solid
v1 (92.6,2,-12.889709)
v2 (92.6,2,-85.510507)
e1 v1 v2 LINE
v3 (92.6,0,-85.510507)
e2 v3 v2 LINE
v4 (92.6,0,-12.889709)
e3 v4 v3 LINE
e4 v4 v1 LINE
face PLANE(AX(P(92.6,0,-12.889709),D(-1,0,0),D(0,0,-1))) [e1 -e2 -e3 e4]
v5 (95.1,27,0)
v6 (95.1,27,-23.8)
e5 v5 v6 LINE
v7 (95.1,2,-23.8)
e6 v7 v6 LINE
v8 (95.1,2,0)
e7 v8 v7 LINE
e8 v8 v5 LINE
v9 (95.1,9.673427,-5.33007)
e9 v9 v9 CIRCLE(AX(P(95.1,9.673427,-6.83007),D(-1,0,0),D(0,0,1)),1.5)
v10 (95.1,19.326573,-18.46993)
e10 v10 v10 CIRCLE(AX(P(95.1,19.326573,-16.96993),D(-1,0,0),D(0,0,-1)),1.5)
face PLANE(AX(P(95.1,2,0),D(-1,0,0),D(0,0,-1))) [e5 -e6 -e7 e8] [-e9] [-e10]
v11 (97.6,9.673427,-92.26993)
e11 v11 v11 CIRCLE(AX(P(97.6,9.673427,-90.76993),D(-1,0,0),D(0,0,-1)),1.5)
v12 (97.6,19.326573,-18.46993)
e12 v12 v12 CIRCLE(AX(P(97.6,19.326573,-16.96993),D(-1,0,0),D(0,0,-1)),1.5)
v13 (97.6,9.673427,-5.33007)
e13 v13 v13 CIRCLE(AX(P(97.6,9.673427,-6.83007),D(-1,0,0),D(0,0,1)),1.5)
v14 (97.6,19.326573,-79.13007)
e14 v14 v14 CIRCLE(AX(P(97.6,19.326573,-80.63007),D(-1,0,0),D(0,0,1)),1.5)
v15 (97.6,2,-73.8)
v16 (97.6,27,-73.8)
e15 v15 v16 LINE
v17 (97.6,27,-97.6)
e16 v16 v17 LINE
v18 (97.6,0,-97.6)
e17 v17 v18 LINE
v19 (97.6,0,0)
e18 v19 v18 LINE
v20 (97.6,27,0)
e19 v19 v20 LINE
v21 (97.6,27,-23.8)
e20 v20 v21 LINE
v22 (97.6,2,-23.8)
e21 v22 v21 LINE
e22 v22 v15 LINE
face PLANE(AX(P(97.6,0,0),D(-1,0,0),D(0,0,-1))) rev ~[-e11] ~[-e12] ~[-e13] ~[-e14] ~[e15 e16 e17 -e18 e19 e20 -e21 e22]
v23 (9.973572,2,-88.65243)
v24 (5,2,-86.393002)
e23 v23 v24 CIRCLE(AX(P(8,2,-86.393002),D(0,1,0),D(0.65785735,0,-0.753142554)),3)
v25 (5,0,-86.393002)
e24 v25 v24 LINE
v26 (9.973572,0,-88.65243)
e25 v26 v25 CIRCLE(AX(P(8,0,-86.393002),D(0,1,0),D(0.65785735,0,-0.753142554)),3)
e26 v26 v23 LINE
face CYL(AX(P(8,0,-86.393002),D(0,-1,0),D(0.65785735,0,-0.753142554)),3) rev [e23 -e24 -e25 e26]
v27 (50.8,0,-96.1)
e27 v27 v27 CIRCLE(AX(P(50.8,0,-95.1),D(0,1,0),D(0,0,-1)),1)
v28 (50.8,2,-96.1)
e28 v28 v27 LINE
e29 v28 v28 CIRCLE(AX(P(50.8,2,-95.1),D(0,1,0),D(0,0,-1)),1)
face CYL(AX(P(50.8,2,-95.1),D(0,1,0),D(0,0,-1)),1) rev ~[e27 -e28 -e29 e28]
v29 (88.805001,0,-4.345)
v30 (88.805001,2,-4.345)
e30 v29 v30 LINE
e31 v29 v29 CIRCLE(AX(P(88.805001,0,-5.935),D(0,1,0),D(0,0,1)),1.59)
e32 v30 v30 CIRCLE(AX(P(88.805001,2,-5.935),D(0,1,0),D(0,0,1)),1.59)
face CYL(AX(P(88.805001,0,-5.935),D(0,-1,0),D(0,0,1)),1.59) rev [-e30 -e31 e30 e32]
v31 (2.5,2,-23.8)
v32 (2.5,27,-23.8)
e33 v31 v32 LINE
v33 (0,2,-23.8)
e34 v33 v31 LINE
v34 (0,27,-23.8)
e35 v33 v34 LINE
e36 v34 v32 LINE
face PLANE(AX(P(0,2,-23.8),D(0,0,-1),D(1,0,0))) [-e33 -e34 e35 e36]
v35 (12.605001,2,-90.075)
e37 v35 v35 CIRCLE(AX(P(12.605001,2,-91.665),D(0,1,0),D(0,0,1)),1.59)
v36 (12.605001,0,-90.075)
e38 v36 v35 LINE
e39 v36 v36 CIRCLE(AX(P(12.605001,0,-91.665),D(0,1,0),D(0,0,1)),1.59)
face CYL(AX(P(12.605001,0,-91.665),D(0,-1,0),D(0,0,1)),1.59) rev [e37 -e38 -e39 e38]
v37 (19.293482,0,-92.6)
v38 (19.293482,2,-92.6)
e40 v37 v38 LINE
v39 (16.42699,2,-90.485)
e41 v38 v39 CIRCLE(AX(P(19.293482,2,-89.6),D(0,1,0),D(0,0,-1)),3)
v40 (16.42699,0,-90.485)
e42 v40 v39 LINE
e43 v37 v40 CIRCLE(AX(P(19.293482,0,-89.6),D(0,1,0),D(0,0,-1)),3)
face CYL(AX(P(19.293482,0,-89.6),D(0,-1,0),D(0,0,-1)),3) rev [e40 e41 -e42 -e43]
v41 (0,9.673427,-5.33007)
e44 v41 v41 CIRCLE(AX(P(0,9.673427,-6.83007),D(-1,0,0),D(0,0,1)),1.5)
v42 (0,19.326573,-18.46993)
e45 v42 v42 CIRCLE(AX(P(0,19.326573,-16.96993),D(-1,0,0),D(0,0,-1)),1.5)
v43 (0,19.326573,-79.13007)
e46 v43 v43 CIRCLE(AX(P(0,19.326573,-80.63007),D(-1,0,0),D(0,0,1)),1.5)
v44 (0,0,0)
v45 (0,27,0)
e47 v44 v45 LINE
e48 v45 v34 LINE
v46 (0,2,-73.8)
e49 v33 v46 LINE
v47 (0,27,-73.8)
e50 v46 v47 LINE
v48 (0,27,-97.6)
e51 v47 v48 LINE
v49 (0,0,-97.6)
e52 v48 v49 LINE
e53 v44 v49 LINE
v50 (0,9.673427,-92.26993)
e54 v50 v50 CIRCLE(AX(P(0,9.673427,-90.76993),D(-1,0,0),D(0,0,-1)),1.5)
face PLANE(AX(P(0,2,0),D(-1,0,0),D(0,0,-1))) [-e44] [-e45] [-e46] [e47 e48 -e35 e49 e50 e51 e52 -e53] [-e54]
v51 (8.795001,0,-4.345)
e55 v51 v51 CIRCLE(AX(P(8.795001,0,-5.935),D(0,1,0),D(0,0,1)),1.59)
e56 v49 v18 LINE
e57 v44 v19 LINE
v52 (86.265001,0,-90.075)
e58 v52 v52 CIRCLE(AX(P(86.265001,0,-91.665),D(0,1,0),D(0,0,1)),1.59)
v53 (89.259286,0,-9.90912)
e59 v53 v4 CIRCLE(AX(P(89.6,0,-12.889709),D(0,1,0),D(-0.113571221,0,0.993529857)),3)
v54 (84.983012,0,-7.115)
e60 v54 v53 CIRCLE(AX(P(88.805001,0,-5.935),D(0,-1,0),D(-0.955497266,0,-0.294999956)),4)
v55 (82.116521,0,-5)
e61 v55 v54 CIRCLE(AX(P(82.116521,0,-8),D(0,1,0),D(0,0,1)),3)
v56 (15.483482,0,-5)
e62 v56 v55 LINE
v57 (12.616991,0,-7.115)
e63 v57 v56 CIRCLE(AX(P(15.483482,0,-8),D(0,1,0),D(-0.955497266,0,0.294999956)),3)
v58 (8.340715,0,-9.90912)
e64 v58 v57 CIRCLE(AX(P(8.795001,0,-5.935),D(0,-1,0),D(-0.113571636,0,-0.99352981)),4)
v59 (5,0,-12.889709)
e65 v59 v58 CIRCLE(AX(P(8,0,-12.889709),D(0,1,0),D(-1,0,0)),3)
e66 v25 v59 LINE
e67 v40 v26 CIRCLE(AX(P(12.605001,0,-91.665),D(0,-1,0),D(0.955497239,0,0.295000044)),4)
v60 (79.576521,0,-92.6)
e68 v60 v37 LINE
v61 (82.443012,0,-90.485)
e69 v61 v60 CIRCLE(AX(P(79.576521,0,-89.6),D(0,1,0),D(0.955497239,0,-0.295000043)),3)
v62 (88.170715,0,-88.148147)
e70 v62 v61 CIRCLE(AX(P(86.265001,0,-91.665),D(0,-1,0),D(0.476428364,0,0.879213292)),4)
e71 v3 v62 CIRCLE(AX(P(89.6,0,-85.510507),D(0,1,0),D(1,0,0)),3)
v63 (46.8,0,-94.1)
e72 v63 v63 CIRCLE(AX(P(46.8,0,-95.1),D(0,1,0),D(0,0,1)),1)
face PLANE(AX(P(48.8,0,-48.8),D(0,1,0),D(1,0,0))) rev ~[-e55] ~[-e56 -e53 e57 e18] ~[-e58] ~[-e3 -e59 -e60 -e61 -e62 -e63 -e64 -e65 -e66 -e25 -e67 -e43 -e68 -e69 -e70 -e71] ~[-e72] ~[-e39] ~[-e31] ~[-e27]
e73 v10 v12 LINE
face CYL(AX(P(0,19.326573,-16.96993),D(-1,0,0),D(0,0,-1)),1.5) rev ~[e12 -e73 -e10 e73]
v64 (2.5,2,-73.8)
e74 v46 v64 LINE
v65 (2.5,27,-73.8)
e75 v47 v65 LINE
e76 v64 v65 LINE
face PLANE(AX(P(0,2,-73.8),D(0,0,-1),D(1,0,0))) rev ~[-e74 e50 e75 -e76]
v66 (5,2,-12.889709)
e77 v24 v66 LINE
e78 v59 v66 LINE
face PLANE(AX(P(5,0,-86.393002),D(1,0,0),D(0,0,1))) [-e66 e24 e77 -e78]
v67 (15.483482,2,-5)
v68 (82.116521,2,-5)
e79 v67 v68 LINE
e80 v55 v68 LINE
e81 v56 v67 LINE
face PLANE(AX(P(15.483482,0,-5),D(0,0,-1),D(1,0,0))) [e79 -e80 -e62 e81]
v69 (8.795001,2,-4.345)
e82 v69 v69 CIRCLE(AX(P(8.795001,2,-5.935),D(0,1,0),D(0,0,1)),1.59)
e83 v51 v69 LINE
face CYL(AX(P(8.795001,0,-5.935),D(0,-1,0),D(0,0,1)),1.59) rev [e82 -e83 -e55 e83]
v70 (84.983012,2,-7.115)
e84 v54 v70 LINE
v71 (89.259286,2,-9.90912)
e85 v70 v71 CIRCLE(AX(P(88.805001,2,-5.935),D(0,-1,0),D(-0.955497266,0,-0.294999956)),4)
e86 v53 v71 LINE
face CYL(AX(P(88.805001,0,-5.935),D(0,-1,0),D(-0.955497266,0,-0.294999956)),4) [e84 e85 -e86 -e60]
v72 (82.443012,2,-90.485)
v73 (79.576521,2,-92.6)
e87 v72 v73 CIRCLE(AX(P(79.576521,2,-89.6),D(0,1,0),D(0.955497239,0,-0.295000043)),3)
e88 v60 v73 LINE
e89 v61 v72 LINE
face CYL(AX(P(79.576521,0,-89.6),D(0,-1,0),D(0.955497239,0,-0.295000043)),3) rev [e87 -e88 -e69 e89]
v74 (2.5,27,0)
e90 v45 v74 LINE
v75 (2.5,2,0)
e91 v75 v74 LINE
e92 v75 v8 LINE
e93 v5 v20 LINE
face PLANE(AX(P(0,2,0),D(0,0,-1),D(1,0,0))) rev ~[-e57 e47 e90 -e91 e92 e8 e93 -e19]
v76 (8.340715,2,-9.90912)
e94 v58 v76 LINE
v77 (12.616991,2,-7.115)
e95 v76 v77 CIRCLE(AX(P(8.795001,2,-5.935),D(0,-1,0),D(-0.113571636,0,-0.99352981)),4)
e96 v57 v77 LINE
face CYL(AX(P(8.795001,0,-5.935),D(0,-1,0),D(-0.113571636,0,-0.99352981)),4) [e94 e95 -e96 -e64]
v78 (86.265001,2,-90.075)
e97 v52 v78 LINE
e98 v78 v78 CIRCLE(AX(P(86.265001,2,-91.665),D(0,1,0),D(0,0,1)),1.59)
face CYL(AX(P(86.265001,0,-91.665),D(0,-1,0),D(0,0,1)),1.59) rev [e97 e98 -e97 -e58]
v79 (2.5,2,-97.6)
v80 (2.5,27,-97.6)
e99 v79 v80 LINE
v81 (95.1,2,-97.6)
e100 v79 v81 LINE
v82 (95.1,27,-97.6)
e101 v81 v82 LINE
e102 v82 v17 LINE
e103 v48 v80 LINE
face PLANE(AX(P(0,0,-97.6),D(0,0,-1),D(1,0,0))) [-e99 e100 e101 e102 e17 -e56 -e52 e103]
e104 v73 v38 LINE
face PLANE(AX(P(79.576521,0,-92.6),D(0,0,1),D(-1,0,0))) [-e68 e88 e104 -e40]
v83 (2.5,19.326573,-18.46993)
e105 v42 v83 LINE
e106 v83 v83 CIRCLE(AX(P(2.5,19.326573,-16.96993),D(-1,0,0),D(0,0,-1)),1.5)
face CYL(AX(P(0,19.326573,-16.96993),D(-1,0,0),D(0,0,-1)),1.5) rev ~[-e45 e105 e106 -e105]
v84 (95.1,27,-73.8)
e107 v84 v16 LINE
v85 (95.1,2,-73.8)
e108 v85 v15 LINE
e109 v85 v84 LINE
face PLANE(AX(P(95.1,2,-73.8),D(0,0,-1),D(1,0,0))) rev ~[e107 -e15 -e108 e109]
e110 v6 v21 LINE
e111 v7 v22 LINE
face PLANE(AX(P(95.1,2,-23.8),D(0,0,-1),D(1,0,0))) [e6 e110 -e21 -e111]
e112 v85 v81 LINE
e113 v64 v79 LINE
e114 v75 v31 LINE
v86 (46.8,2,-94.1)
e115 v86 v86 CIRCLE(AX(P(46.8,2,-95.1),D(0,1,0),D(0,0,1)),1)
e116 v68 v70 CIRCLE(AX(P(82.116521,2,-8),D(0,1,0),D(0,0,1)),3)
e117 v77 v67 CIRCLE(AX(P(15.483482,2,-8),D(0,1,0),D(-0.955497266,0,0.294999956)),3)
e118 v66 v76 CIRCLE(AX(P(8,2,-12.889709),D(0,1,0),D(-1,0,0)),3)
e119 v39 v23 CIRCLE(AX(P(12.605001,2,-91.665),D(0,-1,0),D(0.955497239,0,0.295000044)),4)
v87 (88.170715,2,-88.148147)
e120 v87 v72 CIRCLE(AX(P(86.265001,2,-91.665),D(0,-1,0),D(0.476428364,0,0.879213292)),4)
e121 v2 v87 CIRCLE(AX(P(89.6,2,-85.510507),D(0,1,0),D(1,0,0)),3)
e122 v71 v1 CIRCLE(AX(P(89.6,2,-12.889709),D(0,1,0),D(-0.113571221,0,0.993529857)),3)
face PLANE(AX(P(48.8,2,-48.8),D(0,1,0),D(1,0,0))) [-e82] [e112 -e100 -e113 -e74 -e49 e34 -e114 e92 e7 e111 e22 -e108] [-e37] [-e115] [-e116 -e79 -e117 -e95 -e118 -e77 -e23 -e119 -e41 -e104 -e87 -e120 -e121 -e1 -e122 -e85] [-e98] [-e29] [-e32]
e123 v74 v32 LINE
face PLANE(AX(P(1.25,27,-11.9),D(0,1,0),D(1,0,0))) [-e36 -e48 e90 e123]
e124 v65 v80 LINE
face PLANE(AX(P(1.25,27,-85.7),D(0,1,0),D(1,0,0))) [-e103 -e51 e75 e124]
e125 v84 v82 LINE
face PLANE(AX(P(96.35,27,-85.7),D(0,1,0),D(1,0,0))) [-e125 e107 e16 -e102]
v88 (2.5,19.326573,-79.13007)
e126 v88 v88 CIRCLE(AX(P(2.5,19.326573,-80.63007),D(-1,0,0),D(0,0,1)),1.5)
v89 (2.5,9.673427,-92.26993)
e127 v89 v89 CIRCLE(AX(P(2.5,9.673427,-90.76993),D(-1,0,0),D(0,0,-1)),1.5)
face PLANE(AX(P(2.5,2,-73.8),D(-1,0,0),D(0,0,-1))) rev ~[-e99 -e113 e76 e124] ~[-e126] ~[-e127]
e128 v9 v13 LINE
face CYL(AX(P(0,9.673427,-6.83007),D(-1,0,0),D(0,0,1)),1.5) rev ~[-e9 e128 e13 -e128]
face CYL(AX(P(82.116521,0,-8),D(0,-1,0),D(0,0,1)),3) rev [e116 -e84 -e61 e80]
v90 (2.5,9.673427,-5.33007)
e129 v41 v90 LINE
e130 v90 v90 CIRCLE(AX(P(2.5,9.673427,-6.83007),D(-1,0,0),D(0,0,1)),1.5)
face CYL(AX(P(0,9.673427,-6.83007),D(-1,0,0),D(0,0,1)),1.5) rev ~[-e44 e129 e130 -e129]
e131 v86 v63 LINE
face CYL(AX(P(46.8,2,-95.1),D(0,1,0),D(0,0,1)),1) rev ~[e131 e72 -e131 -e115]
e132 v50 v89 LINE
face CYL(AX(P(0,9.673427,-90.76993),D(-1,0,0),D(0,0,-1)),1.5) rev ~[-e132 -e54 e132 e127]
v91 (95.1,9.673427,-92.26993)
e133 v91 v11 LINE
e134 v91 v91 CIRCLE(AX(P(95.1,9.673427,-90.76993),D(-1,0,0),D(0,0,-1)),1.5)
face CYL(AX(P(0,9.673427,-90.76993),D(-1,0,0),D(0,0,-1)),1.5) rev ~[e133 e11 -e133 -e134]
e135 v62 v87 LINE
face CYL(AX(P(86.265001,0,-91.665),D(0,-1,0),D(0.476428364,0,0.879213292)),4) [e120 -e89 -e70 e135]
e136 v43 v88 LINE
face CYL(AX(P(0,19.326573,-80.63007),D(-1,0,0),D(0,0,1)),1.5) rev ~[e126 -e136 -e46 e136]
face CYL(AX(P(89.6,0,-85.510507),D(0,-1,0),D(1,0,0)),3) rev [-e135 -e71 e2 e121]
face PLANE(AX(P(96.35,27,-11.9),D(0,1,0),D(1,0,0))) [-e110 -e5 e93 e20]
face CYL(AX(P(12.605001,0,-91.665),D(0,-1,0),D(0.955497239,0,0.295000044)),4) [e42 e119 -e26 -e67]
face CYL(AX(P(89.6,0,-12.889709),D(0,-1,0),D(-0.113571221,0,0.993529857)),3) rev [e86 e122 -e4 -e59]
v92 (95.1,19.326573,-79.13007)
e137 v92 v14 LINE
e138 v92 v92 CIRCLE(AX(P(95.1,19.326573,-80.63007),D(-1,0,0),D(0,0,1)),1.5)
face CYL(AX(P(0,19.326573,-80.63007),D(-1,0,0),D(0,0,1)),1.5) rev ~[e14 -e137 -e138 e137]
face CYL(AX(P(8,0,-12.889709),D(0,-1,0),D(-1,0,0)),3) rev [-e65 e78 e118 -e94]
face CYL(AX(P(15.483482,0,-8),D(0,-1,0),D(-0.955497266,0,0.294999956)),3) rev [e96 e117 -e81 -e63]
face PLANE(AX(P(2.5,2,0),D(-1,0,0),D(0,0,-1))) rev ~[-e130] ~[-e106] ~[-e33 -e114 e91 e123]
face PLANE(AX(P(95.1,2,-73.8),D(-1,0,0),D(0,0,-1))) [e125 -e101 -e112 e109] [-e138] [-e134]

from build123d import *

# Parameters (mm, degrees)
SKETCH_1_W          = 97.6
SKETCH_1_H          = 97.6
SKETCH_1_R          = 1.59
EXTRUDE_1_DEPTH     = 2
SKETCH_2_R          = 1
CUT_EXTRUDE_1_DEPTH = 139.04173282
SKETCH_7_W          = 2.5
SKETCH_7_H          = 23.8
EXTRUDE_2_DEPTH     = 25
SKETCH_8_R          = 1.5
CUT_EXTRUDE_2_DEPTH = 141.643236595


with BuildPart() as part:
    # Эскиз1 → Бобышка-Вытянуть1 (new body)
    with BuildSketch(Plane(origin=(0, 0, 0), x_dir=(1, 0, 0), z_dir=(0, 1, 0))):
        with Locations((48.8, 48.8)):
            Rectangle(SKETCH_1_W, SKETCH_1_H)
        with Locations(Location((86.265001451, 91.665000306, 0), (0, 0, 270))):
            Circle(SKETCH_1_R, mode=Mode.SUBTRACT)
        with Locations(Location((88.805001451, 5.935000306, 0), (0, 0, 270))):
            Circle(SKETCH_1_R, mode=Mode.SUBTRACT)
        with Locations(Location((8.795001451, 5.935000306, 0), (0, 0, 270))):
            Circle(SKETCH_1_R, mode=Mode.SUBTRACT)
        with Locations(Location((12.605001451, 91.665000306, 0), (0, 0, 270))):
            Circle(SKETCH_1_R, mode=Mode.SUBTRACT)
        with BuildLine():
            Line((79.576520776, 92.6), (19.293482126, 92.6))
            ThreePointArc((19.293482126, 92.6), (17.512330868, 92.014021582), (16.426990408, 90.485000131))
            ThreePointArc((16.426990408, 90.485000131), (13.697675352, 87.817135476), (9.97357205, 88.652430089))
            ThreePointArc((9.97357205, 88.652430089), (6.759176917, 89.124368033), (5, 86.393002427))
            Line((5, 86.393002427), (5, 12.889708976))
            ThreePointArc((5, 12.889708976), (6.002770009, 10.651166513), (8.340714907, 9.909119546))
            ThreePointArc((8.340714907, 9.909119546), (10.982952752, 9.28356255), (12.616990516, 7.115000131))
            ThreePointArc((12.616990516, 7.115000131), (13.702330946, 5.5859785), (15.483482314, 5))
            Line((15.483482314, 5), (82.116520587, 5))
            ThreePointArc((82.116520587, 5), (83.897671955, 5.5859785), (84.983012386, 7.115000131))
            ThreePointArc((84.983012386, 7.115000131), (86.617049451, 9.283562094), (89.259286336, 9.909119736))
            ThreePointArc((89.259286336, 9.909119736), (91.597230458, 10.651167261), (92.6, 12.889709308))
            Line((92.6, 12.889709308), (92.6, 85.510507258))
            ThreePointArc((92.6, 85.510507258), (91.13495028, 88.088089), (88.170714907, 88.148147136))
            ThreePointArc((88.170714907, 88.148147136), (84.753959284, 87.961386993), (82.443012494, 90.485000131))
            ThreePointArc((82.443012494, 90.485000131), (81.357672034, 92.014021582), (79.576520776, 92.6))
        make_face(mode=Mode.SUBTRACT)
    extrude(amount=EXTRUDE_1_DEPTH)

    # Эскиз2 → Вырез-Вытянуть1 (cut, through all)
    with BuildSketch(Plane(origin=(0, 2, 0), x_dir=(1, 0, 0), z_dir=(0, 1, 0))):
        with Locations(Location((46.8, 95.1, 0), (0, 0, 270))):
            Circle(SKETCH_2_R)
        with Locations(Location((50.8, 95.1, 0), (0, 0, 90))):
            Circle(SKETCH_2_R)
    extrude(amount=-CUT_EXTRUDE_1_DEPTH, mode=Mode.SUBTRACT)

    # Эскиз7 → Бобышка-Вытянуть2 (add)
    with BuildSketch(Plane(origin=(0, 2, 0), x_dir=(1, 0, 0), z_dir=(0, 1, 0))):
        with Locations((1.25, 11.9)):
            Rectangle(SKETCH_7_W, SKETCH_7_H)
        with Locations((1.25, 85.7)):
            Rectangle(SKETCH_7_W, SKETCH_7_H)
        with Locations((96.35, 85.7)):
            Rectangle(SKETCH_7_W, SKETCH_7_H)
        with Locations((96.35, 11.9)):
            Rectangle(SKETCH_7_W, SKETCH_7_H)
    extrude(amount=EXTRUDE_2_DEPTH)

    # Эскиз8 → Вырез-Вытянуть2 (cut, through all)
    with BuildSketch(Plane.ZY):
        with Locations((-80.630070031, 19.32657333)):
            Circle(SKETCH_8_R)
        with Locations(Location((-90.769929969, 9.67342667, 0), (0, 0, 180))):
            Circle(SKETCH_8_R)
        with Locations((-6.830070031, 9.67342667)):
            Circle(SKETCH_8_R)
        with Locations(Location((-16.969929969, 19.32657333, 0), (0, 0, 180))):
            Circle(SKETCH_8_R)
    extrude(amount=-CUT_EXTRUDE_2_DEPTH, mode=Mode.SUBTRACT)


solid = part.part
